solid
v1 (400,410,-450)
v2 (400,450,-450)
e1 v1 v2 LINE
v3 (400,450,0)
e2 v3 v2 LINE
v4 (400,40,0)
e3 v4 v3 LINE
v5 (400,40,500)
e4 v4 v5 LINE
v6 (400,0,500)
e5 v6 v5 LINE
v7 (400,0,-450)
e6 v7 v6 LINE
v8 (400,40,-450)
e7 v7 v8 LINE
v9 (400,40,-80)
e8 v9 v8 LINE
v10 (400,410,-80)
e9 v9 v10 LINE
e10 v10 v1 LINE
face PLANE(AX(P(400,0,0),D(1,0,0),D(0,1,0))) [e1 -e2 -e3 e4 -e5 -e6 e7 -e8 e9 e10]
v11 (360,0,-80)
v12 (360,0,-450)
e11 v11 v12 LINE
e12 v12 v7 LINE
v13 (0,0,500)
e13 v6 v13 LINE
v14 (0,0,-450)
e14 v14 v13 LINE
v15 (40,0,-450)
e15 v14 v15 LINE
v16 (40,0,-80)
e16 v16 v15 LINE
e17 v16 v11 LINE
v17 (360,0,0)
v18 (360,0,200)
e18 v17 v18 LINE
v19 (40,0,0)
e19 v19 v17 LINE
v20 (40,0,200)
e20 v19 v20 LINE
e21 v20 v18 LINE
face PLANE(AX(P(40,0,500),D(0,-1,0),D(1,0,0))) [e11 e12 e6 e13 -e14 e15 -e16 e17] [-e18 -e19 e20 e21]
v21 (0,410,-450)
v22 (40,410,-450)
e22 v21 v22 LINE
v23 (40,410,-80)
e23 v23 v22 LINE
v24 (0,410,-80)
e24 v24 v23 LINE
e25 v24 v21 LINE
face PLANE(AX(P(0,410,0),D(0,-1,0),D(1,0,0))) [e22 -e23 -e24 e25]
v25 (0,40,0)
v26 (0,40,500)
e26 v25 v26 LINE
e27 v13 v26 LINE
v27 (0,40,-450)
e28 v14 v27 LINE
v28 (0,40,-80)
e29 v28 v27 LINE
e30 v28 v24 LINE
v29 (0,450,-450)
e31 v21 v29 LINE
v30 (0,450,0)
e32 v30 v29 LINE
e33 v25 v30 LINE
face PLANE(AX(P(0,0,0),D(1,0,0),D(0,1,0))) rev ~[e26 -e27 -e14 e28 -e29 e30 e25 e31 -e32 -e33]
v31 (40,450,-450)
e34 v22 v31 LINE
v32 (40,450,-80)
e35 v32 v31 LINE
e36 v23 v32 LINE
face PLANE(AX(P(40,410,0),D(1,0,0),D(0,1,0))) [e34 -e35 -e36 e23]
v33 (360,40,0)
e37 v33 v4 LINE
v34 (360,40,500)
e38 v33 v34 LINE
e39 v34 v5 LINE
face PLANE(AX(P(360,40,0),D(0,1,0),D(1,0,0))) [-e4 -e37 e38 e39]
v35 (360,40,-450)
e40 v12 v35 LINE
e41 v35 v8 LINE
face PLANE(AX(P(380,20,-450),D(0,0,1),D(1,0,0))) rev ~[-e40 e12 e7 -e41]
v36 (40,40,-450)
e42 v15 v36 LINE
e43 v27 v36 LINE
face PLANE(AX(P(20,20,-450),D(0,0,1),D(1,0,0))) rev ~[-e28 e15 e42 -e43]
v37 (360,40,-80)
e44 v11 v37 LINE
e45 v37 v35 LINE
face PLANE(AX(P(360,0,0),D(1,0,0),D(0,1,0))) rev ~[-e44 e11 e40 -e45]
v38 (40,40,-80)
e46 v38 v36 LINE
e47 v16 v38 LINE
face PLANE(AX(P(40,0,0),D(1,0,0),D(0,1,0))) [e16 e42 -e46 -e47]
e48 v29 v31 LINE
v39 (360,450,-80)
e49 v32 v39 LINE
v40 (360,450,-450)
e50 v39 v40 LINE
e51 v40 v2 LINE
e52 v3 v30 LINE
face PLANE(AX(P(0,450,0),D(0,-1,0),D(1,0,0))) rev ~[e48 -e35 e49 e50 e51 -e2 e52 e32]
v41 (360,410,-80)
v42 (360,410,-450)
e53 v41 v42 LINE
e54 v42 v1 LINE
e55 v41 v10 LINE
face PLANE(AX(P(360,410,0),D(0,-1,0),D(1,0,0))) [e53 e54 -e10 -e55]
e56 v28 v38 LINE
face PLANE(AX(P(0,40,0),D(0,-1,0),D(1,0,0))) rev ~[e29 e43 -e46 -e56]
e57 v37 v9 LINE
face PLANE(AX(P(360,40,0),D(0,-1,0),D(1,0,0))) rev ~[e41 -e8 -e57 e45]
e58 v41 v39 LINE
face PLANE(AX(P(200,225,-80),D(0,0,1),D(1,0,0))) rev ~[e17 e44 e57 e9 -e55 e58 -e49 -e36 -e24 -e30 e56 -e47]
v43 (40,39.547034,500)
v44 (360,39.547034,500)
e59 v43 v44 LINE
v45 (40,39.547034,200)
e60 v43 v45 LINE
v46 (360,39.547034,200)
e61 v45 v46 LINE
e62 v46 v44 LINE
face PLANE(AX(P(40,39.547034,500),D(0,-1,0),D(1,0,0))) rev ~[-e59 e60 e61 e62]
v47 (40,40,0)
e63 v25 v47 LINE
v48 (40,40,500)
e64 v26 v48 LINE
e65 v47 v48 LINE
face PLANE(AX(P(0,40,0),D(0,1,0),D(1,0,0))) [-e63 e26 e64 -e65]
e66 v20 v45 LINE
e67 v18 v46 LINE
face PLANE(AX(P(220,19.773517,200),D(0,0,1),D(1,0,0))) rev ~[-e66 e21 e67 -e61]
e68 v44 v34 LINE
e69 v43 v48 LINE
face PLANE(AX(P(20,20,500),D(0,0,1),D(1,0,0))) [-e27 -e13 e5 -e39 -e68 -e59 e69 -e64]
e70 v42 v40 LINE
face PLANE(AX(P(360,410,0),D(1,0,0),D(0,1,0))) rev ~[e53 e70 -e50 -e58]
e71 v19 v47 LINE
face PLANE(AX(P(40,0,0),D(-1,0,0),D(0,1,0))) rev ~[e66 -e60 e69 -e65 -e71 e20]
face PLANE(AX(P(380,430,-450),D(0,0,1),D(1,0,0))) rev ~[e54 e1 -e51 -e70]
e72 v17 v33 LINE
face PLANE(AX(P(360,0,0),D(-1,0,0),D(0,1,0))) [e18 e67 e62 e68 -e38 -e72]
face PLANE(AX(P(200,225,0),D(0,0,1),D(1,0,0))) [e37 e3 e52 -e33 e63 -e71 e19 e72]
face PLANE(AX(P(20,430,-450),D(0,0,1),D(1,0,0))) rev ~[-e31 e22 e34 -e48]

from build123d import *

# Parameters (mm, degrees)
F0_W     = 400
F0_H     = 450
F1_DEPTH = 80
F2_W     = 40
F2_H     = 40
F3_DEPTH = 500
F4_DEPTH = 450
F5_W     = 360
F5_H     = 39.547034
F6_DEPTH = 300


with BuildPart() as f1:
    # F0 (on Top) → F1 (new body)
    with BuildSketch(Plane.XY):
        with Locations((200, 225)):
            Rectangle(F0_W, F0_H)
    extrude(amount=-F1_DEPTH)

    # F2 (on face) → F3 (join)
    with BuildSketch(Plane.XY):
        with Locations((20, 20)):
            Rectangle(F2_W, F2_H)
        with Locations((380, 20)):
            Rectangle(F2_W, F2_H)
    extrude(amount=F3_DEPTH)

    # F2 (on face) → F4 (join)
    with BuildSketch(Plane.XY):
        with Locations((20, 20)):
            Rectangle(F2_W, F2_H)
        with Locations((380, 20)):
            Rectangle(F2_W, F2_H)
        with Locations((380, 430)):
            Rectangle(F2_W, F2_H)
        with Locations((20, 430)):
            Rectangle(F2_W, F2_H)
    extrude(amount=-F4_DEPTH)

    # F5 (on face) → F6 (join)
    with BuildSketch(Plane.XY.offset(500)):
        with Locations((220, 19.773517)):
            Rectangle(F5_W, F5_H)
    extrude(amount=-F6_DEPTH)


solid = f1.part
